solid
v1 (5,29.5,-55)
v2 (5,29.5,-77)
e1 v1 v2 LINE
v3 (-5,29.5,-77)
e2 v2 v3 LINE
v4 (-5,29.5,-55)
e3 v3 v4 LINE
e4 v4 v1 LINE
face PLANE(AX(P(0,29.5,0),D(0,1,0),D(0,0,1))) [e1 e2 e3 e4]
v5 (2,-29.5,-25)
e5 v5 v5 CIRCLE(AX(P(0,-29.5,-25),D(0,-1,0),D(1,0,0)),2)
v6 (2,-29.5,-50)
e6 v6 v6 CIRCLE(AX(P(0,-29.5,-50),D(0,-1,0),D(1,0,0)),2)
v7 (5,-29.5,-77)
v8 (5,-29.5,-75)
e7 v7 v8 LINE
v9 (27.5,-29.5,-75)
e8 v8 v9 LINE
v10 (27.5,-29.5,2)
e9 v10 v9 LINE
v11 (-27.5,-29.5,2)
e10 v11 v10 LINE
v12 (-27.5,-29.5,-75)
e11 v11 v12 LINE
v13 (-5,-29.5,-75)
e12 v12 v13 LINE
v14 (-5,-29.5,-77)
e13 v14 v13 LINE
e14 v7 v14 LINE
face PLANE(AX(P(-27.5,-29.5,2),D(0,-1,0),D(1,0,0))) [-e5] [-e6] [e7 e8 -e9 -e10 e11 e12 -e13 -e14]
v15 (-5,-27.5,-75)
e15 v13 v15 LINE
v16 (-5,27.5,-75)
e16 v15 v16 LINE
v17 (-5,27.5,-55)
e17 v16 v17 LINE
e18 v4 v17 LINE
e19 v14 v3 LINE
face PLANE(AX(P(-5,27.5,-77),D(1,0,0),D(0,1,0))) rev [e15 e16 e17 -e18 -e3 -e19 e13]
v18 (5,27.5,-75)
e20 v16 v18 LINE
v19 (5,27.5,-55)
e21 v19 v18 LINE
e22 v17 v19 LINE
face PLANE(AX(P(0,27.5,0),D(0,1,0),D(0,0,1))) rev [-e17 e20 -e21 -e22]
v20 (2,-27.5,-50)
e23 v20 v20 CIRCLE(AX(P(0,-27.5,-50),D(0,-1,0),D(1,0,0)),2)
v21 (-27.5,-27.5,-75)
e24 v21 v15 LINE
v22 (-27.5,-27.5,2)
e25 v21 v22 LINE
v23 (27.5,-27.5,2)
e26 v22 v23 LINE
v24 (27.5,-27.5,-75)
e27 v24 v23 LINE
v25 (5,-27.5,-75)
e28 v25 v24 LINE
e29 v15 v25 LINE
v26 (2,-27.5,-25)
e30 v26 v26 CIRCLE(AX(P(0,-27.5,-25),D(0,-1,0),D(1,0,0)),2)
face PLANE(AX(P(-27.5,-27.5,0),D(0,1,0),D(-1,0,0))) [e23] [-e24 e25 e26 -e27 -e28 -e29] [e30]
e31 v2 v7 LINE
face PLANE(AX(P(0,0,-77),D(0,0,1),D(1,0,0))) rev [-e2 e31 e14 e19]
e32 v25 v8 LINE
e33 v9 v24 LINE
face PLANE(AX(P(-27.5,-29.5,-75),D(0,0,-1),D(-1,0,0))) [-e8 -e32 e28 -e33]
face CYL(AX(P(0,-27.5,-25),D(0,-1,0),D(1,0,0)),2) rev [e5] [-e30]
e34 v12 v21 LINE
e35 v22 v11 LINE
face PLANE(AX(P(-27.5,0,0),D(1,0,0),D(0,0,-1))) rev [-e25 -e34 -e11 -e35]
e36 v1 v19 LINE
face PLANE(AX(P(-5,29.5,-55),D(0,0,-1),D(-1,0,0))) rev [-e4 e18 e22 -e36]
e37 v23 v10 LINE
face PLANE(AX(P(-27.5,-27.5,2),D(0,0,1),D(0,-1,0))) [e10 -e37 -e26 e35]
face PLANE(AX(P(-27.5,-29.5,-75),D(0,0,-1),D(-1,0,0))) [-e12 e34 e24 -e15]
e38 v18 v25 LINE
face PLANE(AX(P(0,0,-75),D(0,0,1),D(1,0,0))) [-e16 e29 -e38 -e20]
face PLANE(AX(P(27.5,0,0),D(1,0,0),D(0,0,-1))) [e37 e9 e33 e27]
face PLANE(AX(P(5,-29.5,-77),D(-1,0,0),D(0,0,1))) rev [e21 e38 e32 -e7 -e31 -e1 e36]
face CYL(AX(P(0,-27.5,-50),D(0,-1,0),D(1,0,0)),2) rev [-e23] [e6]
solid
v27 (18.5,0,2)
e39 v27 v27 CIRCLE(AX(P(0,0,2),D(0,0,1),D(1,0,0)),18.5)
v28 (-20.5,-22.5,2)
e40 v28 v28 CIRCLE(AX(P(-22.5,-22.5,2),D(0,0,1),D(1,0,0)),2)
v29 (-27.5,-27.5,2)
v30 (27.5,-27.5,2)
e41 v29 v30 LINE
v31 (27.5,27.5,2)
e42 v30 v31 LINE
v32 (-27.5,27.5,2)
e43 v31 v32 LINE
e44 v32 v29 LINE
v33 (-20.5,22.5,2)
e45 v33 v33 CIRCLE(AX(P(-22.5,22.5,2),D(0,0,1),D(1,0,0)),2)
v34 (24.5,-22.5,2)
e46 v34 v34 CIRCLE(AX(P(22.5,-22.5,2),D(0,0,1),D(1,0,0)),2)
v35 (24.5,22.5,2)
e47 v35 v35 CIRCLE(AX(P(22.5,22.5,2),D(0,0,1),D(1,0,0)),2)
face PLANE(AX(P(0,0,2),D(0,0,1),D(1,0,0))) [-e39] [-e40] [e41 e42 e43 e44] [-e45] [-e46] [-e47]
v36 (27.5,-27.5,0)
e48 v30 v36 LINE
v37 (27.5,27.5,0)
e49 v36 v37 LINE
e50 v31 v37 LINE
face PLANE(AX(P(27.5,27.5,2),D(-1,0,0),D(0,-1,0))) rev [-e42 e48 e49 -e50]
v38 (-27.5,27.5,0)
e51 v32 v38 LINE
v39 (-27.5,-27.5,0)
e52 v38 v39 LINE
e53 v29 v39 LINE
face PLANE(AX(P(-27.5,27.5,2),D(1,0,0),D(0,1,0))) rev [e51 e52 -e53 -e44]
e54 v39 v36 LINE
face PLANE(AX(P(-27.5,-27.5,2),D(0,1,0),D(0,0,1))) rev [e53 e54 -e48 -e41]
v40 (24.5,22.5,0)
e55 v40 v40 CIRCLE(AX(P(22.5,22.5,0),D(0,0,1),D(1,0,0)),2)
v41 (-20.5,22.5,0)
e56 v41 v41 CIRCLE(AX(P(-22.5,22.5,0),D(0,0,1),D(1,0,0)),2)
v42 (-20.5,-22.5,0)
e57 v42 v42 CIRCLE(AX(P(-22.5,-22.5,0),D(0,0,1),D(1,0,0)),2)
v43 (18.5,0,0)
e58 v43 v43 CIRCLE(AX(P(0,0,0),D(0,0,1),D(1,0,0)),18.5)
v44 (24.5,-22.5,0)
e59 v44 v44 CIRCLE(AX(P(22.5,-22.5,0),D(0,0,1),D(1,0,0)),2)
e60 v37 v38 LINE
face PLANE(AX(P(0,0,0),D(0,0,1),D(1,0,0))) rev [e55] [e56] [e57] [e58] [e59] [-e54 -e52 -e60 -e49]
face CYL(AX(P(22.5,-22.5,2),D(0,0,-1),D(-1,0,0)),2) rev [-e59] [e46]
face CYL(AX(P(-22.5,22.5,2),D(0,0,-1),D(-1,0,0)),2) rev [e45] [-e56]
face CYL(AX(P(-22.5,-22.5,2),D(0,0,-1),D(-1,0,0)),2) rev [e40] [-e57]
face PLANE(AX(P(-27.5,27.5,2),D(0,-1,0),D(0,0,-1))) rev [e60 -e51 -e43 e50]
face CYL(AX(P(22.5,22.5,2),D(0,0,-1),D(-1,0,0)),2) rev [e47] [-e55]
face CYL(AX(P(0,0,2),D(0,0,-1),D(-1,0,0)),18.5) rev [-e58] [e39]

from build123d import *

# Parameters (mm, degrees)
SKETCH1_W           = 55
SKETCH1_H           = 55
SKETCH1_R           = 2
SKETCH1_R_2         = 18.5
BOSS_EXTRUDE1_DEPTH = 2
BOSS_EXTRUDE2_DEPTH = 55
BOSS_EXTRUDE3_DEPTH = 2
SKETCH4_W           = 10
SKETCH4_H           = 22
BOSS_EXTRUDE4_DEPTH = 2
SKETCH5_R           = 2
CUT_EXTRUDE1_DEPTH  = 2


with BuildPart() as part:
    # Sketch1 → Boss-Extrude1 (new body)
    with BuildSketch(Plane.XY):
        Rectangle(SKETCH1_W, SKETCH1_H)
        with Locations((-22.5, 22.5)):
            Circle(SKETCH1_R, mode=Mode.SUBTRACT)
        with Locations((22.5, 22.5)):
            Circle(SKETCH1_R, mode=Mode.SUBTRACT)
        with Locations((-22.5, -22.5)):
            Circle(SKETCH1_R, mode=Mode.SUBTRACT)
        with Locations((22.5, -22.5)):
            Circle(SKETCH1_R, mode=Mode.SUBTRACT)
        Circle(SKETCH1_R_2, mode=Mode.SUBTRACT)
    extrude(amount=BOSS_EXTRUDE1_DEPTH)


with BuildPart() as body_2:
    # Sketch2 → Boss-Extrude2 (new body)
    with BuildSketch(Plane(origin=(27.5, 0, 0), x_dir=(0, 0, -1), z_dir=(1, 0, 0))):
        Polygon((0, -27.5), (75, -27.5), (75, -29.5), (-2, -29.5), (-2, -27.5), align=None)
    extrude(amount=-BOSS_EXTRUDE2_DEPTH)

    # Sketch3 → Boss-Extrude3 (add)
    with BuildSketch(Plane(origin=(0, 0, -75), x_dir=(-1, 0, 0), z_dir=(0, 0, -1))):
        Polygon((0, -29.5), (-5, -29.5), (-5, 27.5), (5, 27.5), (5, -29.5), align=None)
    extrude(amount=BOSS_EXTRUDE3_DEPTH)

    # Sketch4 → Boss-Extrude4 (add)
    with BuildSketch(Plane(origin=(0, 27.5, 0), x_dir=(1, 0, 0), z_dir=(0, 1, 0))):
        with Locations((0, 66)):
            Rectangle(SKETCH4_W, SKETCH4_H)
    extrude(amount=BOSS_EXTRUDE4_DEPTH)

    # Sketch5 → Cut-Extrude1 (cut)
    with BuildSketch(Plane.XZ.offset(29.5)):
        with Locations((0, -25)):
            Circle(SKETCH5_R)
        with Locations((0, -50)):
            Circle(SKETCH5_R)
    extrude(amount=-CUT_EXTRUDE1_DEPTH, mode=Mode.SUBTRACT)


solid = Compound([part.part, body_2.part])
